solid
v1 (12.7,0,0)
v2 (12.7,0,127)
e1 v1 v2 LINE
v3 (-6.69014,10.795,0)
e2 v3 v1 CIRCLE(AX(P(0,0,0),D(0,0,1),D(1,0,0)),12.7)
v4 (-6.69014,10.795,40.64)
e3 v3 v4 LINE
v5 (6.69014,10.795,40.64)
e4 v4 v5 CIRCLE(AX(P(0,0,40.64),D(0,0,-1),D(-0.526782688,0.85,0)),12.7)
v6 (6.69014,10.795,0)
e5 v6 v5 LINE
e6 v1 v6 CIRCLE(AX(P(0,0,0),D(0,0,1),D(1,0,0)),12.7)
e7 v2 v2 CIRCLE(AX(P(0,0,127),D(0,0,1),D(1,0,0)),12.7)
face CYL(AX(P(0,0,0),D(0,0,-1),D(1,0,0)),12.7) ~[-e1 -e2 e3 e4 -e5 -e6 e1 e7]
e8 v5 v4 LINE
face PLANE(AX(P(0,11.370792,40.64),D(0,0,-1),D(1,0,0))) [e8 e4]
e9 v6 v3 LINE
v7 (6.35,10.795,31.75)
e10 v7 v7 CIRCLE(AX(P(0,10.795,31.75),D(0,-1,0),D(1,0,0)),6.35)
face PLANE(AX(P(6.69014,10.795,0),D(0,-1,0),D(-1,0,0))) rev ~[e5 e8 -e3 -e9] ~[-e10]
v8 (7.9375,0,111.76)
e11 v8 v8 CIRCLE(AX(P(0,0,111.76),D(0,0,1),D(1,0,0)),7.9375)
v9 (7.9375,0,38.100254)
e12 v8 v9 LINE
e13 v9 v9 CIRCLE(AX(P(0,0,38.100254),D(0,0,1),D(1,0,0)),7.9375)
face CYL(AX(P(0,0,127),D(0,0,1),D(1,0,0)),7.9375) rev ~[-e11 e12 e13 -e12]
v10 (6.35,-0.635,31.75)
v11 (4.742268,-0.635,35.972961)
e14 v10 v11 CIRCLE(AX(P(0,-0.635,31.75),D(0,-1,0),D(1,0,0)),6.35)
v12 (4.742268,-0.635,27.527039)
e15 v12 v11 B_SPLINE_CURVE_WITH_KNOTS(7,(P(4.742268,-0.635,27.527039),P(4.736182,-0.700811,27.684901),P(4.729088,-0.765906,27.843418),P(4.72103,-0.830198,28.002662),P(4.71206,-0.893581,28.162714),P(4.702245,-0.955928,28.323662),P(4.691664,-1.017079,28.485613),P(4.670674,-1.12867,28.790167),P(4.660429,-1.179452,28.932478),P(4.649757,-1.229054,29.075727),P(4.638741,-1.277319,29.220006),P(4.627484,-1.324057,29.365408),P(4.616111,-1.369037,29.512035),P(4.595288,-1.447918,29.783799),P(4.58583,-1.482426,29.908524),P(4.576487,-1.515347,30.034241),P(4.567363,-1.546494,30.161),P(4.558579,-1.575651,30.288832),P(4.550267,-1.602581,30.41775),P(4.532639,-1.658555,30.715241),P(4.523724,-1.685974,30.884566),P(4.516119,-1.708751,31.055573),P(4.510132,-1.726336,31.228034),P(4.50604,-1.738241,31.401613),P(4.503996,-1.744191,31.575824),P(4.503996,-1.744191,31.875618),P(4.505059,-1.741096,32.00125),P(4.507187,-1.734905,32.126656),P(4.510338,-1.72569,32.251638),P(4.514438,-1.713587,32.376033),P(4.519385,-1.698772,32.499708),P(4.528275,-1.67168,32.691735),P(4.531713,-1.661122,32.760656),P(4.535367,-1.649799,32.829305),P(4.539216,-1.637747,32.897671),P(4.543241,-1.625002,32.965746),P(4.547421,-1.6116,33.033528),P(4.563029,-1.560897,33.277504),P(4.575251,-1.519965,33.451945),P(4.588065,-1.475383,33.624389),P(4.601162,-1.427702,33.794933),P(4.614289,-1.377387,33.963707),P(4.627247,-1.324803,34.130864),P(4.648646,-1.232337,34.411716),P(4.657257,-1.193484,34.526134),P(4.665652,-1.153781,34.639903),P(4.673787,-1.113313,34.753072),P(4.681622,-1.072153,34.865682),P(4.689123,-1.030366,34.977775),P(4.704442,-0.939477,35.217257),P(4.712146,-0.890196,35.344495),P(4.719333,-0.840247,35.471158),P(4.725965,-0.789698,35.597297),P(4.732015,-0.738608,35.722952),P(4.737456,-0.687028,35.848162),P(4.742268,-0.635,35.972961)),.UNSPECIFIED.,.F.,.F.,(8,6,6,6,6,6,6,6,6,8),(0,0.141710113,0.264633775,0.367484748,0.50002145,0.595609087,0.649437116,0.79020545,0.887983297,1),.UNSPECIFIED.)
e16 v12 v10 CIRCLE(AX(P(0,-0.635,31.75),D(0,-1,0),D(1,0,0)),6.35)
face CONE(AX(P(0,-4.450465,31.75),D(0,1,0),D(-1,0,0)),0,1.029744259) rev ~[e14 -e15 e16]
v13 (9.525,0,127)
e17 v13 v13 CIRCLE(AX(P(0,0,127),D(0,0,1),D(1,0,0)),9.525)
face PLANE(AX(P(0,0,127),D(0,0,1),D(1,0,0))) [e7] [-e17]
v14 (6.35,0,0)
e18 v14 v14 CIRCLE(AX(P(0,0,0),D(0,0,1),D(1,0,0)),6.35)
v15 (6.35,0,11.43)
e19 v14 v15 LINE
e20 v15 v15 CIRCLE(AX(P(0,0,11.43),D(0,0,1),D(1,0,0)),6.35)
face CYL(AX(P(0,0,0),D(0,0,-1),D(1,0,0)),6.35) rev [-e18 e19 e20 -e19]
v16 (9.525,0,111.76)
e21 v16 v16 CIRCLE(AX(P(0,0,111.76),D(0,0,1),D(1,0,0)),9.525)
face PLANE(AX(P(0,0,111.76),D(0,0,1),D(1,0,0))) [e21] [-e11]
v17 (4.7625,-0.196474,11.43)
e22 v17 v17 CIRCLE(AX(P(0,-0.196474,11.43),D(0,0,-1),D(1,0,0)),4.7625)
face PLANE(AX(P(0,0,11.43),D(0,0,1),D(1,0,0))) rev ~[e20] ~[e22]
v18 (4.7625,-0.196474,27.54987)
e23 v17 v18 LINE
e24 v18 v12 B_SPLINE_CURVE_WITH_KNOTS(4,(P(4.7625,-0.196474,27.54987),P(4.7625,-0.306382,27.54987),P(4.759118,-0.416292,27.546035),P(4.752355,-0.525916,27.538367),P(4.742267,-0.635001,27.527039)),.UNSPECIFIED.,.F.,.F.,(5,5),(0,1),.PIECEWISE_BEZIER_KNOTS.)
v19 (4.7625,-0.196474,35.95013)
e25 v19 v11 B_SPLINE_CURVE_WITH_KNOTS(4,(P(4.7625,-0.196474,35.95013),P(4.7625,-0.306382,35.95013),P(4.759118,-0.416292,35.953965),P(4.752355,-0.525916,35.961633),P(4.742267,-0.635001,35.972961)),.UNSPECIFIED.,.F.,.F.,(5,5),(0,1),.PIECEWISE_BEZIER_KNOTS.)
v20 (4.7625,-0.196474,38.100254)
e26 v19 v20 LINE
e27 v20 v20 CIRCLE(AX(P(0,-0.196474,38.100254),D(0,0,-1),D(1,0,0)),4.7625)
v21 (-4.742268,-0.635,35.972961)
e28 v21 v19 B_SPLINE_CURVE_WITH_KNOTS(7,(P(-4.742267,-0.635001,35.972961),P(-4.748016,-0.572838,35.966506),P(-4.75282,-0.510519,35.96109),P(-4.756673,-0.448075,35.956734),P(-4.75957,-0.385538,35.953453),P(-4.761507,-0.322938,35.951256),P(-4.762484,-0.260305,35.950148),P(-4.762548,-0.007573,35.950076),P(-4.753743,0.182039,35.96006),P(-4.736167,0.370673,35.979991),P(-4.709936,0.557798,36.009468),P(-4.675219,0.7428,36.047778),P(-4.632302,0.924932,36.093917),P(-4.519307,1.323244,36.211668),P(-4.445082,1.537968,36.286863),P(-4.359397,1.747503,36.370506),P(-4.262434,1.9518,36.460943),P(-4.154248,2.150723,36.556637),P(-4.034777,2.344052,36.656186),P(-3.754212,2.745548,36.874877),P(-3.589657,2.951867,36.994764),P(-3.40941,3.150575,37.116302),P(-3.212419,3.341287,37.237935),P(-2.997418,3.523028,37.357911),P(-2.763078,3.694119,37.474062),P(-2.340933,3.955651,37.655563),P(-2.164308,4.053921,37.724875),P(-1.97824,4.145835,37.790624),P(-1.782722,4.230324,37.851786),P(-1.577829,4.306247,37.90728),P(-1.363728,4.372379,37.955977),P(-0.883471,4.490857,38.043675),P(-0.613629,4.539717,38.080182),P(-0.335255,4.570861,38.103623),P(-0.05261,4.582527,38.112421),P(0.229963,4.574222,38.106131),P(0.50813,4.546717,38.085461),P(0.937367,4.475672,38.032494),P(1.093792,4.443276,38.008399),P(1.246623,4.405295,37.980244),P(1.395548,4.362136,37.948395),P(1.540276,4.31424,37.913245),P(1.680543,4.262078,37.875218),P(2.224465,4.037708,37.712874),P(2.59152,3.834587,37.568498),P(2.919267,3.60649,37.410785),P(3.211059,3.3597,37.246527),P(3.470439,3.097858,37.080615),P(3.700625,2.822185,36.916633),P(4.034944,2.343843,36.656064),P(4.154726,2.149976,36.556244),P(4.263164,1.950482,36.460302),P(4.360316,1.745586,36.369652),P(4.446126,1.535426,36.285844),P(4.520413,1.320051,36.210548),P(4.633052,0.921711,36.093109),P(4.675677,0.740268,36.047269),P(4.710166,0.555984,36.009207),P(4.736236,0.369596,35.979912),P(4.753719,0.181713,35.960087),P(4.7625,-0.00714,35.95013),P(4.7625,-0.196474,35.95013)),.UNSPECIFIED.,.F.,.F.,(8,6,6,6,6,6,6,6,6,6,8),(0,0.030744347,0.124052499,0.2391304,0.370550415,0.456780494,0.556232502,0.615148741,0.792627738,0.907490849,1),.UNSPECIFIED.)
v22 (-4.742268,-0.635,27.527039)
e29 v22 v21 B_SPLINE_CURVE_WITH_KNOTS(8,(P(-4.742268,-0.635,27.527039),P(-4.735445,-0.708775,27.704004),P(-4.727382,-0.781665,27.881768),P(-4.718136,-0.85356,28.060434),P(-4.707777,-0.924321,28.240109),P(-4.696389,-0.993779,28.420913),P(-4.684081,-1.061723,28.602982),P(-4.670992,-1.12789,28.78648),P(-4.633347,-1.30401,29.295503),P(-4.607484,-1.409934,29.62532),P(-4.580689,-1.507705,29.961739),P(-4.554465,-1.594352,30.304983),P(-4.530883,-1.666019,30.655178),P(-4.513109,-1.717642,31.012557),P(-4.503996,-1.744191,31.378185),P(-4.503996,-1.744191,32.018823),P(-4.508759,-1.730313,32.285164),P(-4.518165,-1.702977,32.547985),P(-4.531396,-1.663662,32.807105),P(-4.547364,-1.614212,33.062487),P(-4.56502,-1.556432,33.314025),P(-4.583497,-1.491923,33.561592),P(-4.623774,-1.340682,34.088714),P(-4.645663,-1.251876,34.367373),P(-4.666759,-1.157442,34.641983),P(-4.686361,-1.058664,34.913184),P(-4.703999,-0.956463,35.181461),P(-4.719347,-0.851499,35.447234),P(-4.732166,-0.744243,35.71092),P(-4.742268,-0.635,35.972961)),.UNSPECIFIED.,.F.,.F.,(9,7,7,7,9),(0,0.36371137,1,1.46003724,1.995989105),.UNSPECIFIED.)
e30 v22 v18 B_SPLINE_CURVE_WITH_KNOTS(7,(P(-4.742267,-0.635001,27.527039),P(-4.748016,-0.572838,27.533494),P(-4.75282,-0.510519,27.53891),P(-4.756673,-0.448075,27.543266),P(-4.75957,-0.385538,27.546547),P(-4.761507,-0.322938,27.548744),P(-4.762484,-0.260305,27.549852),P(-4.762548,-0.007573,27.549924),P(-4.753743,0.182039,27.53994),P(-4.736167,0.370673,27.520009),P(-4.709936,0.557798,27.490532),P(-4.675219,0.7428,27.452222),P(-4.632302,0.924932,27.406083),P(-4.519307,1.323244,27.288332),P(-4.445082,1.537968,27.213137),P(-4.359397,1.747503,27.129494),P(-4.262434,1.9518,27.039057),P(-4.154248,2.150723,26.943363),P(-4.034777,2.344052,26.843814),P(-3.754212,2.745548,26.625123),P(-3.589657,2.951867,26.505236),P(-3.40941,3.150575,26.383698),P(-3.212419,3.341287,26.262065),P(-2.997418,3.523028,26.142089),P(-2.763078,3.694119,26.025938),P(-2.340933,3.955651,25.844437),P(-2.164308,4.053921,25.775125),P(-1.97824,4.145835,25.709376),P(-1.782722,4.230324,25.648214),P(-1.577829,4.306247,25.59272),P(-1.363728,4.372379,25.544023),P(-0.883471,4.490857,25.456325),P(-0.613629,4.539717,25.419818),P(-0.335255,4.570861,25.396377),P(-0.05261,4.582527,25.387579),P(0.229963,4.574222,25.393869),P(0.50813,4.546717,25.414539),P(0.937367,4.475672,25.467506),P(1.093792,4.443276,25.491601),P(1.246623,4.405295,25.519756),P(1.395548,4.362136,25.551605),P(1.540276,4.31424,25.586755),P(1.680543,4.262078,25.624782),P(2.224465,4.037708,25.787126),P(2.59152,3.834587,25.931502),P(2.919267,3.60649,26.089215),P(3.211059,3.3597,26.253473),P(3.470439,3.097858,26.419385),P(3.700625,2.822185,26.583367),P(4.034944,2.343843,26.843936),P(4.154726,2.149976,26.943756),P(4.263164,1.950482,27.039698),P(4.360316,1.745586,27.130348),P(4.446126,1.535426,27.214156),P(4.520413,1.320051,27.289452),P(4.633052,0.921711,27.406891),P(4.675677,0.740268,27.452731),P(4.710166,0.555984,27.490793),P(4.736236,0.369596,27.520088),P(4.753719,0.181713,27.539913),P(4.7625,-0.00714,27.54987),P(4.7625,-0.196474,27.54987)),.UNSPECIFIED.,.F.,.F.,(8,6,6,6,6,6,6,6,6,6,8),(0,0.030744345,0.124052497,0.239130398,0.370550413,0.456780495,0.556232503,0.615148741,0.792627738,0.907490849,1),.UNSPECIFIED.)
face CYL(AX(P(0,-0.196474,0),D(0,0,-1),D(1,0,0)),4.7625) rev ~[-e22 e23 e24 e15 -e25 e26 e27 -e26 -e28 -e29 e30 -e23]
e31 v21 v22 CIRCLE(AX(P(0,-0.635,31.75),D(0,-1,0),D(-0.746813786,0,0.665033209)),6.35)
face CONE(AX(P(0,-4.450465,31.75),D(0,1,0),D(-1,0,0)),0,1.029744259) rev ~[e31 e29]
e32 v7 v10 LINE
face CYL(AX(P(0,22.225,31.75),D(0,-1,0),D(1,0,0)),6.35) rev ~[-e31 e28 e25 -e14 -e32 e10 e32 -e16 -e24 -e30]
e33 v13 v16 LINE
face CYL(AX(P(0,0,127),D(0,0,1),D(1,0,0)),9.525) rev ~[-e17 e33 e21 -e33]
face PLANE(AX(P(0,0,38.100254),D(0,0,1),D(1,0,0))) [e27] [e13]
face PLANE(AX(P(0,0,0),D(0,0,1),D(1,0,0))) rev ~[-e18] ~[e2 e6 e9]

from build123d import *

# Parameters (mm, degrees)
F0_R      = 12.7
F1_DEPTH  = 127
F2_R      = 7.9375
F3_DEPTH  = 88.899746
F6_DEPTH  = 40.64
F8_R      = 9.525
F9_DEPTH  = 15.24
F10_D     = 12.7
F10_DEPTH = 11.43
F10_TIP   = 3.8154649308
F4_R      = 4.7625
F11_DEPTH = 50.8
F12_R     = 6.35
F13_DEPTH = 11.43


with BuildPart() as f1:
    # F0 (on Top) → F1 (new body)
    with BuildSketch(Plane.XY):
        Circle(F0_R)
    extrude(amount=F1_DEPTH)

    # F2 (on face) → F3 (cut)
    with BuildSketch(Plane.XY.offset(127)):
        Circle(F2_R)
    extrude(amount=-F3_DEPTH, mode=Mode.SUBTRACT)

    # F5 (on face) → F6 (cut)
    with BuildSketch(Plane(origin=(0, 0, 0), x_dir=(1, 0, 0), z_dir=(0, 0, -1))):
        with BuildLine():
            Line((6.6901401331, -10.795), (-6.6901401331, -10.795))
            ThreePointArc((-6.6901401331, -10.795), (0, -12.7), (6.6901401331, -10.795))
        make_face()
    extrude(amount=-F6_DEPTH, mode=Mode.SUBTRACT)

    # F8 (on face) → F9 (cut)
    with BuildSketch(Plane.XY.offset(127)):
        Circle(F8_R)
    extrude(amount=-F9_DEPTH, mode=Mode.SUBTRACT)

    # F10
    with Locations(Plane(origin=(0, 10.795, 0), x_dir=(-1, 0, 0), z_dir=(0, 1, 0))):
        with Locations((0, 31.75)):
            Hole(F10_D / 2, depth=F10_DEPTH)
            with Locations((0, 0, -(F10_DEPTH + F10_TIP / 2))):  # 118° drill point
                Cone(0, F10_D / 2, F10_TIP, mode=Mode.SUBTRACT)

    # F4 (on face) → F11 (cut)
    with BuildSketch(Plane(origin=(0, 0, 0), x_dir=(1, 0, 0), z_dir=(0, 0, -1))):
        with Locations((0, 0.1964742664)):
            Circle(F4_R)
    extrude(amount=-F11_DEPTH, mode=Mode.SUBTRACT)

    # F12 (on Top) → F13 (cut)
    with BuildSketch(Plane.XY):
        Circle(F12_R)
    extrude(amount=F13_DEPTH, mode=Mode.SUBTRACT)


solid = f1.part
